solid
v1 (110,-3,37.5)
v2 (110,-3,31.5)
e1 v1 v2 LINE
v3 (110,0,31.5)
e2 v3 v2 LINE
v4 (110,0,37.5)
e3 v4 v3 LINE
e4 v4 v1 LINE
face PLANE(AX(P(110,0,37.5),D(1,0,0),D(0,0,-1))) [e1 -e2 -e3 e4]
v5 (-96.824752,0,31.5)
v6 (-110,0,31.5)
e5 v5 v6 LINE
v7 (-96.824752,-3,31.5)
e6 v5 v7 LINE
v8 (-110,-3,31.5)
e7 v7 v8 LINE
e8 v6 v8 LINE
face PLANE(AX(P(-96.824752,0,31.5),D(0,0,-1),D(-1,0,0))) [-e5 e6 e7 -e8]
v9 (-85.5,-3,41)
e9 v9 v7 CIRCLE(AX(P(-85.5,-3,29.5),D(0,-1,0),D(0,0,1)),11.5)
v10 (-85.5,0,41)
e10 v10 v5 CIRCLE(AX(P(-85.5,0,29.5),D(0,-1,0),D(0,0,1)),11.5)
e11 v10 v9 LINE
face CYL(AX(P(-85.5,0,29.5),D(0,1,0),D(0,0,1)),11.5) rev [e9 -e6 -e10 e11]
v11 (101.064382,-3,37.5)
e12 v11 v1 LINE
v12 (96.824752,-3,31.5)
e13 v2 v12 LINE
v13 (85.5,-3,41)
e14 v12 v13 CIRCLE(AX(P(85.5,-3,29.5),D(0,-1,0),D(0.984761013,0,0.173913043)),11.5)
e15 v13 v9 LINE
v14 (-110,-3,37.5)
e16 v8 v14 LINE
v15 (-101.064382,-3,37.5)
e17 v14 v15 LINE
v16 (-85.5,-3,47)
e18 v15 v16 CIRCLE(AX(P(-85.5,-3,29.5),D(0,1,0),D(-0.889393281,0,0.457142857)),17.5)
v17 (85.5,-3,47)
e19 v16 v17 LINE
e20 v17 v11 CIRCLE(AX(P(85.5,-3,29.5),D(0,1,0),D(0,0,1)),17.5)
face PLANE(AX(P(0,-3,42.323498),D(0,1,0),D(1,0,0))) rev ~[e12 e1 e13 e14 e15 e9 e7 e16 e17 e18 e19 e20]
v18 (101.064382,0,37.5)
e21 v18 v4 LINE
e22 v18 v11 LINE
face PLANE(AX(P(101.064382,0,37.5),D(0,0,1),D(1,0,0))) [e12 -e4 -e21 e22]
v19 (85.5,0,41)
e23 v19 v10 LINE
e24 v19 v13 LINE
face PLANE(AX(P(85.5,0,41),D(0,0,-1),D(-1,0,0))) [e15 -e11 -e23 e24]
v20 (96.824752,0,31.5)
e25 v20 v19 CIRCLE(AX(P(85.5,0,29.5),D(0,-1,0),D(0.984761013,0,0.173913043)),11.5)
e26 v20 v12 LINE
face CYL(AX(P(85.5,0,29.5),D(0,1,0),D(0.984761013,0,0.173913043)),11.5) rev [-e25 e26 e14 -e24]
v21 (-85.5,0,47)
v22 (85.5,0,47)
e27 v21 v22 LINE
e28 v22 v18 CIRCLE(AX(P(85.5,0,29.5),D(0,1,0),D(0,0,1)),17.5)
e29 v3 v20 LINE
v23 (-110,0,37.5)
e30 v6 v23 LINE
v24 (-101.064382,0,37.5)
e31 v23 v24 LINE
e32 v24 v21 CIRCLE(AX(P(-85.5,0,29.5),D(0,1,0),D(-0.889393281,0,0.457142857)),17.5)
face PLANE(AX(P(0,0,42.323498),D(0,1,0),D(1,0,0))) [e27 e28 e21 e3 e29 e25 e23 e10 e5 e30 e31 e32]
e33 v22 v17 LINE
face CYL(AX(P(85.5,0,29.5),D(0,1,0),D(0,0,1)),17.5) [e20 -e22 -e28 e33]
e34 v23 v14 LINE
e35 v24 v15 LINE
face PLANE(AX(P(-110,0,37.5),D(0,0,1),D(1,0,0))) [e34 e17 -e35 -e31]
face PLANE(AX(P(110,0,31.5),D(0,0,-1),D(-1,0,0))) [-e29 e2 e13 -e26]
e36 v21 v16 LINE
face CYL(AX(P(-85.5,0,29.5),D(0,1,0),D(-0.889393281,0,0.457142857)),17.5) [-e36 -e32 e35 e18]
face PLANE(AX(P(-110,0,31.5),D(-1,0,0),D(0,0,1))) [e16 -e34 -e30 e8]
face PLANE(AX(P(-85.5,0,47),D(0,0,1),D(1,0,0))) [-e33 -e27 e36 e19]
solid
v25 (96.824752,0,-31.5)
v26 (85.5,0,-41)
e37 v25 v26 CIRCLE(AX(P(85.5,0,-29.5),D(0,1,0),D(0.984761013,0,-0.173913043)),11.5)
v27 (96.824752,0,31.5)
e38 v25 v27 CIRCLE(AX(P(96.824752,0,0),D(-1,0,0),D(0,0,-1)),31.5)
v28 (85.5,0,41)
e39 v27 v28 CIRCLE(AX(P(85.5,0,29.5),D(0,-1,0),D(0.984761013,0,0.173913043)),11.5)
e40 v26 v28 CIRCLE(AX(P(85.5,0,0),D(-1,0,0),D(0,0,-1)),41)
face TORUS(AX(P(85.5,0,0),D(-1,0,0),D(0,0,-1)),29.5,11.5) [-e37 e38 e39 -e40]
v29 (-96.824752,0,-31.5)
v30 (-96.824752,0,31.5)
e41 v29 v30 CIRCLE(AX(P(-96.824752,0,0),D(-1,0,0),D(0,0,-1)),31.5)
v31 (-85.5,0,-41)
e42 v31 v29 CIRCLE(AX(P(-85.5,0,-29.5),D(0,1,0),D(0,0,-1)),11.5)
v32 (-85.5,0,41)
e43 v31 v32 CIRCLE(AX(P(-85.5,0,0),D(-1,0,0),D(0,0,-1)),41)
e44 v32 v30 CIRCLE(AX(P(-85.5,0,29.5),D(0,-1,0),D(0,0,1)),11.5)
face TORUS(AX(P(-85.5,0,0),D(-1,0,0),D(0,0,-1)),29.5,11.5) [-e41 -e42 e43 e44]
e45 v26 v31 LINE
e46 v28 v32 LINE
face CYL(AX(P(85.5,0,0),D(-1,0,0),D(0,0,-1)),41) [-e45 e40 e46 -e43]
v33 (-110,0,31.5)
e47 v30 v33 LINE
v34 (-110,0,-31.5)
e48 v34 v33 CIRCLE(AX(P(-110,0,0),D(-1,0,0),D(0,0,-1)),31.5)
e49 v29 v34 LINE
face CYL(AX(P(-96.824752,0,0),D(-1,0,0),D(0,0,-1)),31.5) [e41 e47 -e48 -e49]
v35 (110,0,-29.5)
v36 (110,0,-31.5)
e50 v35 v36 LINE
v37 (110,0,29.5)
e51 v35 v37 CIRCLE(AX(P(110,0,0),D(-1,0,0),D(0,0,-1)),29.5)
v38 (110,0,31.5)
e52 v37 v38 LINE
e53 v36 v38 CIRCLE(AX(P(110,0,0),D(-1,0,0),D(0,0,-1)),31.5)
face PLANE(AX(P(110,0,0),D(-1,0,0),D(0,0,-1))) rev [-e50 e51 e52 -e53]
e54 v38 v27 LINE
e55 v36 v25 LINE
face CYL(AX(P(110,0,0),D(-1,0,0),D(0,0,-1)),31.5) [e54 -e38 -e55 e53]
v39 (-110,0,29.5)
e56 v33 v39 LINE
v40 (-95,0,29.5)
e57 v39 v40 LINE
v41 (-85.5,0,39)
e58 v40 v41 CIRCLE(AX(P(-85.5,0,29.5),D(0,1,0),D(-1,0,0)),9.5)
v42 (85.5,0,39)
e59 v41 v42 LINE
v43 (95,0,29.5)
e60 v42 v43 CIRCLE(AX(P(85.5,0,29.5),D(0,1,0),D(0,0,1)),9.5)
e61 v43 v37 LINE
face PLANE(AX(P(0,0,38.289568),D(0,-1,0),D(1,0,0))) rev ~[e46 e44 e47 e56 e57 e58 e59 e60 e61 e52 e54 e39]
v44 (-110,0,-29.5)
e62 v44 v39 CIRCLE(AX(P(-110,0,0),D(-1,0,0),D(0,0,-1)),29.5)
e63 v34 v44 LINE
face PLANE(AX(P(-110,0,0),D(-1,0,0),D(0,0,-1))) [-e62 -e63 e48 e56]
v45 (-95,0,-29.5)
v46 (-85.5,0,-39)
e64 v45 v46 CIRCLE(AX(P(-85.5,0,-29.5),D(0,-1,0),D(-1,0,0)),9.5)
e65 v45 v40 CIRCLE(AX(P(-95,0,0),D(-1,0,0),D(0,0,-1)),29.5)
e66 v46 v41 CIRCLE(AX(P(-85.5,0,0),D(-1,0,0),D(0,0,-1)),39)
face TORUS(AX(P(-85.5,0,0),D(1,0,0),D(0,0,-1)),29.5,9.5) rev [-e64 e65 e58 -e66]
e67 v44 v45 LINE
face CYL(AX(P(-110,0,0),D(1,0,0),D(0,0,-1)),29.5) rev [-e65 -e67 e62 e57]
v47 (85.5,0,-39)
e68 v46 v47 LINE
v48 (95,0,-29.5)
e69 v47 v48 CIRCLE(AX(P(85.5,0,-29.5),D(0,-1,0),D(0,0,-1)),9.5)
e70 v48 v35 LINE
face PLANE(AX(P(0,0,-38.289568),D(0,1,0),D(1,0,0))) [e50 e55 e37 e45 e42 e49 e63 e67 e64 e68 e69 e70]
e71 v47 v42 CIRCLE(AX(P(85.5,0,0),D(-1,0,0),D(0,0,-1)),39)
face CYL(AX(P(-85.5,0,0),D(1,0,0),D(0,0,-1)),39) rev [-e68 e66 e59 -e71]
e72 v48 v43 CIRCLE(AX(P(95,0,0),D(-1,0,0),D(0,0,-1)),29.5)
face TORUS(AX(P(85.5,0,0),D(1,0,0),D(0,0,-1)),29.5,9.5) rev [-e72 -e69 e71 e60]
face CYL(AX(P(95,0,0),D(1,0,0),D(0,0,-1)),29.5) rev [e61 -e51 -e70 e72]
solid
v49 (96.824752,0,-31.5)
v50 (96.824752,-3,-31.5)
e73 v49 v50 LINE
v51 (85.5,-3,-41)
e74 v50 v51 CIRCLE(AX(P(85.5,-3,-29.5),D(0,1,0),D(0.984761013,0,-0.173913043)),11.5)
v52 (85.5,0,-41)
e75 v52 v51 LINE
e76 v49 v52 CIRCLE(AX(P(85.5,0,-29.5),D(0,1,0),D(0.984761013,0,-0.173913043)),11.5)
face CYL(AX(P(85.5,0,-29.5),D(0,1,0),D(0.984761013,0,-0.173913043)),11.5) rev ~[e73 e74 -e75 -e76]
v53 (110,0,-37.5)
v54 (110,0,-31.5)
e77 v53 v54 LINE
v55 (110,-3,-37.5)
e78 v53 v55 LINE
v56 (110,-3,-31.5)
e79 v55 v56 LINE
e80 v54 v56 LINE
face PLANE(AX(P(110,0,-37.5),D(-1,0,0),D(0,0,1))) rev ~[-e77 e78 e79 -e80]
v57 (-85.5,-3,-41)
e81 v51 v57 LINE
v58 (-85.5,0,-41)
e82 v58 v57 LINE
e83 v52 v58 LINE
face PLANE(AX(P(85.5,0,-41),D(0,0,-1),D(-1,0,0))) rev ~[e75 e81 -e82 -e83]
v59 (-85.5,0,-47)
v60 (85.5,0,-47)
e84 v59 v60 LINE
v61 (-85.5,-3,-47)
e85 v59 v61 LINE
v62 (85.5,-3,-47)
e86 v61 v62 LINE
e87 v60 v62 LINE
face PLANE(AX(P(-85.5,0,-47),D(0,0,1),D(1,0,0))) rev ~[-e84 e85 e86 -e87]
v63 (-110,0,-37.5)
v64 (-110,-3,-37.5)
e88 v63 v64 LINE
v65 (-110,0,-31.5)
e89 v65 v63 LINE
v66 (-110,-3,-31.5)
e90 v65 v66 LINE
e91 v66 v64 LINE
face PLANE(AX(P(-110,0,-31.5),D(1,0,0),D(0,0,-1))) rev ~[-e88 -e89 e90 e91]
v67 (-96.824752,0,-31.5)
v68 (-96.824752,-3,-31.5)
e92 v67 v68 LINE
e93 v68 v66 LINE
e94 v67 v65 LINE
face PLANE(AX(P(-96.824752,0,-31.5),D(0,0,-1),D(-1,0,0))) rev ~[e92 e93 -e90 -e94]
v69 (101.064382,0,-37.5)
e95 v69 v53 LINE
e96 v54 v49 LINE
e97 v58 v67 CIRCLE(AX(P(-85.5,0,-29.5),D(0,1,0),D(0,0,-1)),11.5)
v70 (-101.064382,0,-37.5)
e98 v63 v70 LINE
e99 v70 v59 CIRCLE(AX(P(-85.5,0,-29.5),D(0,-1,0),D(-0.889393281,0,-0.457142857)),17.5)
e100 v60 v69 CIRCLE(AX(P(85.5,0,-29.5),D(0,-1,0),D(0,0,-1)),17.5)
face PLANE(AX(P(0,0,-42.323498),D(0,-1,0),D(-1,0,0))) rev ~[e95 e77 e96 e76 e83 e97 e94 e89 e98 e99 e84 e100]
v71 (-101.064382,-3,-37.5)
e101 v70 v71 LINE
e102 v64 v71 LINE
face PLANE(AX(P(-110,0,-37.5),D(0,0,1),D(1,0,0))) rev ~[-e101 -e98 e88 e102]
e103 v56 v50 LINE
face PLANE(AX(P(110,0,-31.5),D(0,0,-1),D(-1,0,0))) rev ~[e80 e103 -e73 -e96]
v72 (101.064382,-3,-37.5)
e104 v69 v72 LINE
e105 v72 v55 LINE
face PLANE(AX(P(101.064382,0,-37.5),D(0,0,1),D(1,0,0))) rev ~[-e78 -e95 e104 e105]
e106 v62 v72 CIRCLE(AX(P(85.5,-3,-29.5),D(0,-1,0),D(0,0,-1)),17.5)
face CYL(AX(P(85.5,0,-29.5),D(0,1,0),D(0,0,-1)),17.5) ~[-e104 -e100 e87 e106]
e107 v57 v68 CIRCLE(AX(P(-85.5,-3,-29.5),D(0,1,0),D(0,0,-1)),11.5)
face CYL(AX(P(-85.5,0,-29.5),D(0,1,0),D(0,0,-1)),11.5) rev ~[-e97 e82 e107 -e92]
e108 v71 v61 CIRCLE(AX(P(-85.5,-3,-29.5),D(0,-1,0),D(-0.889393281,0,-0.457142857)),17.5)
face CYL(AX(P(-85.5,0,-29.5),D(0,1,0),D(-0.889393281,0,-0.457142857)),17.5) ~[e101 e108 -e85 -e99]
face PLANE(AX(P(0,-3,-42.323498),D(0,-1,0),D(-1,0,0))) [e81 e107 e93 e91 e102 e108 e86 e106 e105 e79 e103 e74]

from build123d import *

# Parameters (mm, degrees)
REVOLVE1_ANGLE        = 180
BOSS_EXTRUDE1_DEPTH   = 3
BOSS_EXTRUDE1_2_DEPTH = 3


with BuildPart() as part:
    # Sketch1 → Revolve1 (revolve)
    with BuildSketch(Plane(origin=(0, 0, 0), x_dir=(1, 0, 0), z_dir=(0, 1, 0))):
        with BuildLine():
            Line((-110, 29.5), (-95, 29.5))
            ThreePointArc((-95, 29.5), (-92.217514421, 36.217514421), (-85.5, 39))
            Line((-85.5, 39), (85.5, 39))
            ThreePointArc((85.5, 39), (92.217514421, 36.217514421), (95, 29.5))
            Line((95, 29.5), (110, 29.5))
            Line((110, 29.5), (110, 31.5))
            Line((110, 31.5), (96.824751653, 31.5))
            ThreePointArc((96.824751653, 31.5), (92.89087275, 38.310505093), (85.5, 41))
            Line((85.5, 41), (-85.5, 41))
            ThreePointArc((-85.5, 41), (-92.89087275, 38.310505093), (-96.824751653, 31.5))
            Line((-96.824751653, 31.5), (-110, 31.5))
            Line((-110, 31.5), (-110, 29.5))
        make_face()
    revolve(axis=Axis((0, 0, 0), (-1, 0, 0)), revolution_arc=REVOLVE1_ANGLE)


with BuildPart() as body_2:
    # Sketch2 → Boss-Extrude1 (new body)
    with BuildSketch(Plane(origin=(0, 0, 0), x_dir=(1, 0, 0), z_dir=(0, 1, 0))):
        with BuildLine():
            Line((-96.824751653, 31.5), (-110, 31.5))
            Line((-110, 31.5), (-110, 37.5))
            Line((-110, 37.5), (-101.064382416, 37.5))
            ThreePointArc((-101.064382416, 37.5), (-94.617291264, 44.437369246), (-85.5, 47))
            Line((-85.5, 47), (85.5, 47))
            ThreePointArc((85.5, 47), (94.617291264, 44.437369246), (101.064382416, 37.5))
            Line((101.064382416, 37.5), (110, 37.5))
            Line((110, 37.5), (110, 31.5))
            Line((110, 31.5), (96.824751653, 31.5))
            ThreePointArc((96.824751653, 31.5), (92.89087275, 38.310505093), (85.5, 41))
            Line((85.5, 41), (-85.5, 41))
            ThreePointArc((-85.5, 41), (-92.89087275, 38.310505093), (-96.824751653, 31.5))
        make_face()
    extrude(amount=-BOSS_EXTRUDE1_DEPTH)


with BuildPart() as body_3:
    # Sketch2 → Boss-Extrude1 2 (new body)
    with BuildSketch(Plane(origin=(0, 0, 0), x_dir=(1, 0, 0), z_dir=(0, 1, 0))):
        with BuildLine():
            Line((110, -37.5), (110, -31.5))
            Line((110, -31.5), (96.824751653, -31.5))
            ThreePointArc((96.824751653, -31.5), (92.89087275, -38.310505093), (85.5, -41))
            Line((85.5, -41), (-85.5, -41))
            ThreePointArc((-85.5, -41), (-92.89087275, -38.310505093), (-96.824751653, -31.5))
            Line((-96.824751653, -31.5), (-110, -31.5))
            Line((-110, -31.5), (-110, -37.5))
            Line((-110, -37.5), (-101.064382416, -37.5))
            ThreePointArc((-101.064382416, -37.5), (-94.617291264, -44.437369246), (-85.5, -47))
            Line((-85.5, -47), (85.5, -47))
            ThreePointArc((85.5, -47), (94.617291264, -44.437369246), (101.064382416, -37.5))
            Line((101.064382416, -37.5), (110, -37.5))
        make_face()
    extrude(amount=-BOSS_EXTRUDE1_2_DEPTH)


solid = Compound([part.part, body_2.part, body_3.part])
